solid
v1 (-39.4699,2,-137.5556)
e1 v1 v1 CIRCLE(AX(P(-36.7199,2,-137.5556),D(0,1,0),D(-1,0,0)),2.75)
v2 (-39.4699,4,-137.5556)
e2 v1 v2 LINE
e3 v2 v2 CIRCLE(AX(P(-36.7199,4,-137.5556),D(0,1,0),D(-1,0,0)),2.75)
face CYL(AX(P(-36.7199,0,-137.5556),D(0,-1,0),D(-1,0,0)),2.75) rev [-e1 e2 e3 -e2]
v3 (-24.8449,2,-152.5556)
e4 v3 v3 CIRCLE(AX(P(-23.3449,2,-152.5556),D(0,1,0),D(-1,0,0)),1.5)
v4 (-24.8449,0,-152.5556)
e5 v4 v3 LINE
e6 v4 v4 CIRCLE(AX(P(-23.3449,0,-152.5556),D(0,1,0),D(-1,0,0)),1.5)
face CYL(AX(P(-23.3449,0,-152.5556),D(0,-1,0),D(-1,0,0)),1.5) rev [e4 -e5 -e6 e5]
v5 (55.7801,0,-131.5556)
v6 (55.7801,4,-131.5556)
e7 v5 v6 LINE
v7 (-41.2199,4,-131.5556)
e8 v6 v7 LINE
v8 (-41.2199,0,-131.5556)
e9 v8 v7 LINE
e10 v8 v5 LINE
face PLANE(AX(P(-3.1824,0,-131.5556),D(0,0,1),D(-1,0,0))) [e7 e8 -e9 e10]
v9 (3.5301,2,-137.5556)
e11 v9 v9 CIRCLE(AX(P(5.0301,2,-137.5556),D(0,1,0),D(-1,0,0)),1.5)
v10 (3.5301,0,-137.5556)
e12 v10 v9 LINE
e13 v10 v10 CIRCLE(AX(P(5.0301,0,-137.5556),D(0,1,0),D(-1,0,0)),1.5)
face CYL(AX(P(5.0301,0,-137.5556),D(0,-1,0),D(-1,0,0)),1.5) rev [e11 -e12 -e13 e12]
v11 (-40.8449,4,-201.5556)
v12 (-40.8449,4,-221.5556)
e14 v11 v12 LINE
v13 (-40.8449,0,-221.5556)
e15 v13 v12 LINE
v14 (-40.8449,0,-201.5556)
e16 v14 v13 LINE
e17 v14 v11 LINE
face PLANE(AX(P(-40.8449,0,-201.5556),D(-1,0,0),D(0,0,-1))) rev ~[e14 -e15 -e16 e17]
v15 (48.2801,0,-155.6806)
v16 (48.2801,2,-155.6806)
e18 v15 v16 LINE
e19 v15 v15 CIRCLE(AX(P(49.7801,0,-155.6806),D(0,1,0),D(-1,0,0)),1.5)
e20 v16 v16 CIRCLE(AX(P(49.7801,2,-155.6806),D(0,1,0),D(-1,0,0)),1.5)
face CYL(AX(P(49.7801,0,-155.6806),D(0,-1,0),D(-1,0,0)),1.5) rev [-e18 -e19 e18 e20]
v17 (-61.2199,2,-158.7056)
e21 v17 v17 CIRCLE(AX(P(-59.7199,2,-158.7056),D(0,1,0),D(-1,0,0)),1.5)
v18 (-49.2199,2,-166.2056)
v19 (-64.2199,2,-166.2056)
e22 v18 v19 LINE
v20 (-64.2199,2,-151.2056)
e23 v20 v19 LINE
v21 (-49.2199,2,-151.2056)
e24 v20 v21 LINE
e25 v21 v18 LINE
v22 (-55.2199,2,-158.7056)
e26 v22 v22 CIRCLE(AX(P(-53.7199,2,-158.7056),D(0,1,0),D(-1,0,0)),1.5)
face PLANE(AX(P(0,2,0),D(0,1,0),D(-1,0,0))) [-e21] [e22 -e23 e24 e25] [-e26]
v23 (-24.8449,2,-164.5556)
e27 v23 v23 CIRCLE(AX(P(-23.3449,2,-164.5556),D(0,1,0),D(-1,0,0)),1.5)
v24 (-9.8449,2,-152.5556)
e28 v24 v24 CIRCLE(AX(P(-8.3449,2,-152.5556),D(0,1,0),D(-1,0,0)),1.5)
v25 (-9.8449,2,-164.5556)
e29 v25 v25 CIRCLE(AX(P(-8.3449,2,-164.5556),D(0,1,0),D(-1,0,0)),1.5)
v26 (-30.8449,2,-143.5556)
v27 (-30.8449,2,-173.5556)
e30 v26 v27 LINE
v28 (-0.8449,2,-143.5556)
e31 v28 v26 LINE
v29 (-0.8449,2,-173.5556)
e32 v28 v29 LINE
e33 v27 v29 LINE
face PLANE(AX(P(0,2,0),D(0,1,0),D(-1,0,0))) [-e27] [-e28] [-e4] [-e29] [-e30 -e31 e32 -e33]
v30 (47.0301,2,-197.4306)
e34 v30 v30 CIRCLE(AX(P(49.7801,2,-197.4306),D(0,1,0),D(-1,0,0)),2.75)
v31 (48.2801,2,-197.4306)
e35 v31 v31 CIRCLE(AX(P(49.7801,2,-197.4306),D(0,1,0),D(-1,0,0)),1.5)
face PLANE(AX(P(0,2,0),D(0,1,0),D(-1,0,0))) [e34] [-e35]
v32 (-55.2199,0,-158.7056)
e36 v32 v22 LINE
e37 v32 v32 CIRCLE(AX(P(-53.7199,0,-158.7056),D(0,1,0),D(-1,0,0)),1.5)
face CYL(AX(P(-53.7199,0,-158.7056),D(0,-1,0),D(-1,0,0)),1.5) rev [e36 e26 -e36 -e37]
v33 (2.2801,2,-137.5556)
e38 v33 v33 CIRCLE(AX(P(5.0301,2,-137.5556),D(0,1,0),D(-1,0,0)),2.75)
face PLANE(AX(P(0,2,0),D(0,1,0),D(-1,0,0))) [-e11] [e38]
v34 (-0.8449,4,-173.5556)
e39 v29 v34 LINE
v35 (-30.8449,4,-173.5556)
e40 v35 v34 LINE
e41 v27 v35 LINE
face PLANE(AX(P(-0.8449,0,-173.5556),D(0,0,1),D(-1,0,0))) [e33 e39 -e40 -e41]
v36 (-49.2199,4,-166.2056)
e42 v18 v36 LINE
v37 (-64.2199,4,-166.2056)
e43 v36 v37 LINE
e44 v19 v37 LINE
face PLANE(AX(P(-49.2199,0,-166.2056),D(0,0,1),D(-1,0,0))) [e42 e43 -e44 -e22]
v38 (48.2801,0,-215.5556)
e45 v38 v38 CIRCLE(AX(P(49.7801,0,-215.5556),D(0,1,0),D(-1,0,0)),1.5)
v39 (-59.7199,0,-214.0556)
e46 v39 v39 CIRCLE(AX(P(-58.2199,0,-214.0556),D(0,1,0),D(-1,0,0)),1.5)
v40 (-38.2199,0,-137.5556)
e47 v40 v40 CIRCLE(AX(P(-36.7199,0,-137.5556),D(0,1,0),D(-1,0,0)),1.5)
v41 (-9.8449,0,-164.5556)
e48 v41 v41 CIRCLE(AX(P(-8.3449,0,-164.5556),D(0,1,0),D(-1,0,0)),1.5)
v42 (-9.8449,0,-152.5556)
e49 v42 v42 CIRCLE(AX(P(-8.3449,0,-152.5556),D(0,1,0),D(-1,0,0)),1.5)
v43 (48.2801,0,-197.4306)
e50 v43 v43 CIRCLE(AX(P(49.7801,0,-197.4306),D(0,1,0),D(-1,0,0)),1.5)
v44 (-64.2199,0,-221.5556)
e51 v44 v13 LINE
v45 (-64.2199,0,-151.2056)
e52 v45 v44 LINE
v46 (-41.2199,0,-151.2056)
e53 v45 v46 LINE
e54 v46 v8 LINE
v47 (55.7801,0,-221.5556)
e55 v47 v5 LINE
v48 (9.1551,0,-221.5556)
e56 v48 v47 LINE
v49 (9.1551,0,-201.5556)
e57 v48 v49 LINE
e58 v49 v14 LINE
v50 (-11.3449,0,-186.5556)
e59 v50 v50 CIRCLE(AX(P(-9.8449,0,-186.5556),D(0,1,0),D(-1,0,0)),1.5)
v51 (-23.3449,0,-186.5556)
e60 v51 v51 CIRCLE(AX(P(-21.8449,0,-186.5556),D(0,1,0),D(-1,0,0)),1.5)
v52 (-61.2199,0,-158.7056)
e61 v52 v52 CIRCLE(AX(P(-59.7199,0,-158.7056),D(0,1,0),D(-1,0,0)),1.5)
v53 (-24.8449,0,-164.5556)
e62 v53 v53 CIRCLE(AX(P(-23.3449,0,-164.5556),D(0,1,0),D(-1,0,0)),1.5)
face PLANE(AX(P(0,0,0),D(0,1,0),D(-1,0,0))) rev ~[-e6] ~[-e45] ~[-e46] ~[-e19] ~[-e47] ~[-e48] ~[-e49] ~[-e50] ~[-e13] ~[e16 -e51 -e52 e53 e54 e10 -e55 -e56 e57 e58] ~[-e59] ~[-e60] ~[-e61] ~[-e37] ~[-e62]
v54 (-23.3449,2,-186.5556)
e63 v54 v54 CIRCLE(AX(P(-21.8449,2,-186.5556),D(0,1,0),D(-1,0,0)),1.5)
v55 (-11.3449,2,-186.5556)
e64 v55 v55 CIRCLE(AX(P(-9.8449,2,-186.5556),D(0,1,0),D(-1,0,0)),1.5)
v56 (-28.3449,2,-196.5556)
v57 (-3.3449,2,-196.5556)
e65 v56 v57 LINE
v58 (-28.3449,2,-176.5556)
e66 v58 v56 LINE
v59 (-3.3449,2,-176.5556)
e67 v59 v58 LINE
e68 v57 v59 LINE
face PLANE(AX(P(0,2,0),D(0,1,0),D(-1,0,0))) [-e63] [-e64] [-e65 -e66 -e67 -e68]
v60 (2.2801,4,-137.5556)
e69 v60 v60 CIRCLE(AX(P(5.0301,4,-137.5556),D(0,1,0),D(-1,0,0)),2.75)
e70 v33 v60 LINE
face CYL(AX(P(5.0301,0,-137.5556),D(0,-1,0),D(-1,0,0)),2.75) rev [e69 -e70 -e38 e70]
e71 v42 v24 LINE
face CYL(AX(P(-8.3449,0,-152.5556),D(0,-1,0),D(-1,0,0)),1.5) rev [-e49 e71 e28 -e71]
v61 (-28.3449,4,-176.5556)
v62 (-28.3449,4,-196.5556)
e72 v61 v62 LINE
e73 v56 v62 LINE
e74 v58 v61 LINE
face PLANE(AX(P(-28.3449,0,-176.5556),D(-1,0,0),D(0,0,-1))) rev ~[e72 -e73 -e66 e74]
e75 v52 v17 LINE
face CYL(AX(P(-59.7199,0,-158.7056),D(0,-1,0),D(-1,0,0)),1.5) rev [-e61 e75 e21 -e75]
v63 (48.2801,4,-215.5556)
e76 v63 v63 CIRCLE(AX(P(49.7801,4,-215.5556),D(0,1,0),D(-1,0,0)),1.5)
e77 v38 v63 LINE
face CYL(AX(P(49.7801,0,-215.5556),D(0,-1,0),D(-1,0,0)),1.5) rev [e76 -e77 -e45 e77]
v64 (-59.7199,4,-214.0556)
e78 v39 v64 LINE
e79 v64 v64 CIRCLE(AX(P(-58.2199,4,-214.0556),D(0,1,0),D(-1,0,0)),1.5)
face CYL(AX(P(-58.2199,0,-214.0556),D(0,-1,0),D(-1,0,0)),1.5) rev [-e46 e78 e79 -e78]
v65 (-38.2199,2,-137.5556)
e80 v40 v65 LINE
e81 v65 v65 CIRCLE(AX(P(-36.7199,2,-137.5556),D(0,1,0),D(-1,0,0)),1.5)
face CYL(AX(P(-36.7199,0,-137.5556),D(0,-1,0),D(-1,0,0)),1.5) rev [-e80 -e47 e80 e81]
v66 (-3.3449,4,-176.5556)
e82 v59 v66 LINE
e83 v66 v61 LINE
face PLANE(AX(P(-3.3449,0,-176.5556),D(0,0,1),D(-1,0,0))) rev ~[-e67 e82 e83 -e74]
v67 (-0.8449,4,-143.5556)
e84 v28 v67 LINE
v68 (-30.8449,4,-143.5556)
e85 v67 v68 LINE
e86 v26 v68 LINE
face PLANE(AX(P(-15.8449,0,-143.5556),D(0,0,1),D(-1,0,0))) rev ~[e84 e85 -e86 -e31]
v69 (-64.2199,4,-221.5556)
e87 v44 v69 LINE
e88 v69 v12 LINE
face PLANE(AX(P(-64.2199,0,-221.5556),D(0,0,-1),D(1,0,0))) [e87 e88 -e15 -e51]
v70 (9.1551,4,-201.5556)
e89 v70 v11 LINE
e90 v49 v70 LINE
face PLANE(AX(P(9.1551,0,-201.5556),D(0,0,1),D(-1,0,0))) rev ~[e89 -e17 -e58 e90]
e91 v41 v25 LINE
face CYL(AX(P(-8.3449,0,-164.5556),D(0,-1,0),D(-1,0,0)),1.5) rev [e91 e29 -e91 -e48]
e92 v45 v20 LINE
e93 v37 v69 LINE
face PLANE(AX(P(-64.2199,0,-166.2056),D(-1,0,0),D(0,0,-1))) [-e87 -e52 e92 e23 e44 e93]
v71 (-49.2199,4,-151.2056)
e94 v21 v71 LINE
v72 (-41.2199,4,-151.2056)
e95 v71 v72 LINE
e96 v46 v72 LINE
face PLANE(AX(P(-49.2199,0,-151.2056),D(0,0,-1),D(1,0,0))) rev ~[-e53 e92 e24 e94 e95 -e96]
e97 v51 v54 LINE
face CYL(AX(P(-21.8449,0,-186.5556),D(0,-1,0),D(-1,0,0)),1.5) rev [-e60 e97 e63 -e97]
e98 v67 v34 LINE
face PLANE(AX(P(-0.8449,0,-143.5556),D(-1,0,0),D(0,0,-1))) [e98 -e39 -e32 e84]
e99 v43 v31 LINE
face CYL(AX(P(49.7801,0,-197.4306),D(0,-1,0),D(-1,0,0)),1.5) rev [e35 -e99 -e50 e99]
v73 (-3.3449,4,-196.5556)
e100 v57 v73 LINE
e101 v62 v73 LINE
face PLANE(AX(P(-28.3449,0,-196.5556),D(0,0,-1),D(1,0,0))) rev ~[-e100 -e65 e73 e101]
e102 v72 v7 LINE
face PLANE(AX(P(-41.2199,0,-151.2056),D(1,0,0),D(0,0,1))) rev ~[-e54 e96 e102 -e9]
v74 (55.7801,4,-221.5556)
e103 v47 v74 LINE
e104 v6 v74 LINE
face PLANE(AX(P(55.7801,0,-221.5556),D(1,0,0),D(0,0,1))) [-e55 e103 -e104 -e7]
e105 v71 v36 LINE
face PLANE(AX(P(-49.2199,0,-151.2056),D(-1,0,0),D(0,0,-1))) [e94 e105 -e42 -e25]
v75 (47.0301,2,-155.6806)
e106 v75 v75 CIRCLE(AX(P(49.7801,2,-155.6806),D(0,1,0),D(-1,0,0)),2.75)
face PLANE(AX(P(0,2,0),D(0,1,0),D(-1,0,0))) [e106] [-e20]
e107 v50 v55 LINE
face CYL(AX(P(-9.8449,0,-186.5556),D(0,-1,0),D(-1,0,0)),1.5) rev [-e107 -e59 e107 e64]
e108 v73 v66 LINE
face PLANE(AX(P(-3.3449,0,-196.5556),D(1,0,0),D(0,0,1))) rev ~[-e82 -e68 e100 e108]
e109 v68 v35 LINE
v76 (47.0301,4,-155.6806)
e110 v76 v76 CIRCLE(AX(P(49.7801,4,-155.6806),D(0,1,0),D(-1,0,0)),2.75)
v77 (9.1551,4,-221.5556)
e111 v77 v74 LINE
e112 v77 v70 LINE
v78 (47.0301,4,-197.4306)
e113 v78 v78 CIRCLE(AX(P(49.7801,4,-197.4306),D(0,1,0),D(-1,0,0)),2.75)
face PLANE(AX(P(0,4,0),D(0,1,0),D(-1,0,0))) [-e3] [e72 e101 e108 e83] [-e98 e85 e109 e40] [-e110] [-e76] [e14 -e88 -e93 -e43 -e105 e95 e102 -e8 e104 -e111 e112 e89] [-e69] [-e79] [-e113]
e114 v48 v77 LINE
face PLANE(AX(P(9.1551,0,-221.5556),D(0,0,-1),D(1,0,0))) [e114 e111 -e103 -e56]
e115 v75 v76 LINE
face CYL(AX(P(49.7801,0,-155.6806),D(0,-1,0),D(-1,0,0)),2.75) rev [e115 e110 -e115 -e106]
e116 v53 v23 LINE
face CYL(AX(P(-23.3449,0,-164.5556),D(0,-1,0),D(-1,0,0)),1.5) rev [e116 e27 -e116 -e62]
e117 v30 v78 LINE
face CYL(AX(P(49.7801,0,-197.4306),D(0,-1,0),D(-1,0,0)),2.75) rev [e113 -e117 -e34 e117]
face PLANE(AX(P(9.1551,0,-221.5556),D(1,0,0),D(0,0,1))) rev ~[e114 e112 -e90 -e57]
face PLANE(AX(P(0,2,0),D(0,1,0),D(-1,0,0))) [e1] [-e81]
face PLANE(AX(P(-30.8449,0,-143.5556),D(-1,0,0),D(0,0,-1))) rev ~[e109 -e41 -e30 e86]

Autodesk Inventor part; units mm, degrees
ref_plane "YZ Plane" through (0, 0, 0) normal (1, 0, 0) x (0, 1, 0)
ref_plane "XZ Plane" through (0, 0, 0) normal (0, 1, 0) x (-1, 0, 0)
ref_plane "XY Plane" through (0, 0, 0) normal (0, 0, 1) x (1, 0, 0)
sketch "Sketch1" plane through (0, 0, 0) normal (0, 1, 0) x (-1, 0, 0)
  line L0 (64.2199, -131.5556) -> (64.2199, -221.5556)
  line L1 (3.3449, -196.5556) -> (3.3449, -176.5556)
  circle A0 centre (9.8449, -186.5556) radius 1.5
  line L2 (-9.1551, -221.5556) -> (-9.1551, -201.5556)
  circle A1 centre (21.8449, -186.5556) radius 1.5
  line L3 (3.3449, -176.5556) -> (28.3449, -176.5556)
  line L4 (28.3449, -196.5556) -> (3.3449, -196.5556)
  line L5 (28.3449, -176.5556) -> (28.3449, -196.5556)
  line L6 (64.2199, -221.5556) -> (-55.7801, -221.5556)
  line L7 (-9.1551, -201.5556) -> (40.8449, -201.5556)
  line L8 (40.8449, -221.5556) -> (-9.1551, -221.5556)
  circle A2 centre (58.2199, -214.0556) radius 1.5
  line L9 (40.8449, -201.5556) -> (40.8449, -221.5556)
  line L10 (30.8449, -173.5556) -> (15.8449, -173.5556)
  line L11 (15.8449, -173.5556) -> (15.8449, -143.5556)
  line L12 (15.8449, -143.5556) -> (30.8449, -143.5556)
  line L13 (30.8449, -143.5556) -> (30.8449, -173.5556)
  line L14 (0.8449, -173.5556) -> (15.8449, -173.5556)
  circle A3 centre (8.3449, -164.5556) radius 1.5
  circle A4 centre (8.3449, -152.5556) radius 1.5
  circle A5 centre (23.3449, -164.5556) radius 1.5
  line L15 (0.8449, -143.5556) -> (0.8449, -173.5556)
  line L16 (15.8449, -173.5556) -> (15.8449, -143.5556)
  line L17 (15.8449, -143.5556) -> (0.8449, -143.5556)
  circle A6 centre (23.3449, -152.5556) radius 1.5
  line L18 (49.2199, -166.2056) -> (64.2199, -166.2056)
  circle A7 centre (53.7199, -158.7056) radius 1.5
  circle A8 centre (53.7199, -158.7056) radius 2.5
  circle A9 centre (59.7199, -158.7056) radius 1.5
  circle A10 centre (59.7199, -158.7056) radius 2.5
  line L19 (49.2199, -151.2056) -> (49.2199, -166.2056)
  line L20 (64.2199, -166.2056) -> (64.2199, -151.2056)
  line L21 (64.2199, -151.2056) -> (49.2199, -151.2056)
  line L22 (64.2199, -148.5556) -> (64.2199, -131.5556)
  line L23 (64.2199, -131.5556) -> (49.2199, -131.5556)
  line L24 (-55.7801, -221.5556) -> (-55.7801, -131.5556)
  line L25 (-55.7801, -131.5556) -> (-6.8176, -131.5556)
  line L26 (-55.7801, -176.5556) -> (-55.7801, -171.5556)
  line L27 (-55.7801, -171.5556) -> (-55.7801, -181.5556)
  circle A11 centre (-49.7801, -215.5556) radius 1.5
  circle A12 centre (-49.7801, -155.6806) radius 1.5
  circle A13 centre (-49.7801, -155.6806) radius 2.75
  line L28 (-41.5051, -176.5556) -> (-60.5551, -176.5556) construction
  circle A14 centre (-49.7801, -197.4306) radius 2.75
  circle A15 centre (-49.7801, -197.4306) radius 1.5
  line L29 (3.1824, -131.5556) -> (64.2199, -131.5556)
  circle A16 centre (36.7199, -137.5556) radius 2.75
  circle A17 centre (36.7199, -137.5556) radius 1.5
  line L30 (3.1824, -131.5556) -> (-6.8176, -131.5556)
  circle A18 centre (-5.0301, -137.5556) radius 1.5
  circle A19 centre (-5.0301, -137.5556) radius 2.75
  line L31 (15.8449, -176.5556) -> (15.8449, -139.0556) construction
  line L32 (49.2199, -151.2056) -> (41.2199, -151.2056)
  line L33 (41.2199, -151.2056) -> (41.2199, -131.5556)
  point P0 (0, -174.625)
  point P1 (-1.8176, -176.5556)
  point P2 (3.3449, -186.5556)
  point P3 (36.7199, -143.5556)
  point P4 (-5.0301, -143.5556)
  point P5 (-9.1551, -221.5556)
  point P6 (44.2199, -131.5556)
  dimension "d32" = 12
  dimension "d33" = 7.5
  dimension "d34" = 7.5
  dimension "d35" = 12
  dimension "d36" = 0
  dimension "d37" = 0
  dimension "d39" = 8
  dimension "d40" = 5.5
  dimension "d41" = 5.5
  dimension "d42" = 5.5
  dimension "d43" = 5.5
extrude "Extrusion1" add sketch "Sketch1" along normal blind 4 contours L33 L32 L19 L18 L0 L6 L9 L7 L2 L24 L25 L30 L29
extrude "Extrusion2" add sketch "Sketch1" along normal blind 2 contours L0 L18 L19 L21 | L1 L3 L5 L4 | L10 L11 L12 L13 | L14 L15 L17 L11 | A8 | A10 | A13 | A14 | A16 | A19
properties part number "Casis Kanan Atas_3DPrint"
